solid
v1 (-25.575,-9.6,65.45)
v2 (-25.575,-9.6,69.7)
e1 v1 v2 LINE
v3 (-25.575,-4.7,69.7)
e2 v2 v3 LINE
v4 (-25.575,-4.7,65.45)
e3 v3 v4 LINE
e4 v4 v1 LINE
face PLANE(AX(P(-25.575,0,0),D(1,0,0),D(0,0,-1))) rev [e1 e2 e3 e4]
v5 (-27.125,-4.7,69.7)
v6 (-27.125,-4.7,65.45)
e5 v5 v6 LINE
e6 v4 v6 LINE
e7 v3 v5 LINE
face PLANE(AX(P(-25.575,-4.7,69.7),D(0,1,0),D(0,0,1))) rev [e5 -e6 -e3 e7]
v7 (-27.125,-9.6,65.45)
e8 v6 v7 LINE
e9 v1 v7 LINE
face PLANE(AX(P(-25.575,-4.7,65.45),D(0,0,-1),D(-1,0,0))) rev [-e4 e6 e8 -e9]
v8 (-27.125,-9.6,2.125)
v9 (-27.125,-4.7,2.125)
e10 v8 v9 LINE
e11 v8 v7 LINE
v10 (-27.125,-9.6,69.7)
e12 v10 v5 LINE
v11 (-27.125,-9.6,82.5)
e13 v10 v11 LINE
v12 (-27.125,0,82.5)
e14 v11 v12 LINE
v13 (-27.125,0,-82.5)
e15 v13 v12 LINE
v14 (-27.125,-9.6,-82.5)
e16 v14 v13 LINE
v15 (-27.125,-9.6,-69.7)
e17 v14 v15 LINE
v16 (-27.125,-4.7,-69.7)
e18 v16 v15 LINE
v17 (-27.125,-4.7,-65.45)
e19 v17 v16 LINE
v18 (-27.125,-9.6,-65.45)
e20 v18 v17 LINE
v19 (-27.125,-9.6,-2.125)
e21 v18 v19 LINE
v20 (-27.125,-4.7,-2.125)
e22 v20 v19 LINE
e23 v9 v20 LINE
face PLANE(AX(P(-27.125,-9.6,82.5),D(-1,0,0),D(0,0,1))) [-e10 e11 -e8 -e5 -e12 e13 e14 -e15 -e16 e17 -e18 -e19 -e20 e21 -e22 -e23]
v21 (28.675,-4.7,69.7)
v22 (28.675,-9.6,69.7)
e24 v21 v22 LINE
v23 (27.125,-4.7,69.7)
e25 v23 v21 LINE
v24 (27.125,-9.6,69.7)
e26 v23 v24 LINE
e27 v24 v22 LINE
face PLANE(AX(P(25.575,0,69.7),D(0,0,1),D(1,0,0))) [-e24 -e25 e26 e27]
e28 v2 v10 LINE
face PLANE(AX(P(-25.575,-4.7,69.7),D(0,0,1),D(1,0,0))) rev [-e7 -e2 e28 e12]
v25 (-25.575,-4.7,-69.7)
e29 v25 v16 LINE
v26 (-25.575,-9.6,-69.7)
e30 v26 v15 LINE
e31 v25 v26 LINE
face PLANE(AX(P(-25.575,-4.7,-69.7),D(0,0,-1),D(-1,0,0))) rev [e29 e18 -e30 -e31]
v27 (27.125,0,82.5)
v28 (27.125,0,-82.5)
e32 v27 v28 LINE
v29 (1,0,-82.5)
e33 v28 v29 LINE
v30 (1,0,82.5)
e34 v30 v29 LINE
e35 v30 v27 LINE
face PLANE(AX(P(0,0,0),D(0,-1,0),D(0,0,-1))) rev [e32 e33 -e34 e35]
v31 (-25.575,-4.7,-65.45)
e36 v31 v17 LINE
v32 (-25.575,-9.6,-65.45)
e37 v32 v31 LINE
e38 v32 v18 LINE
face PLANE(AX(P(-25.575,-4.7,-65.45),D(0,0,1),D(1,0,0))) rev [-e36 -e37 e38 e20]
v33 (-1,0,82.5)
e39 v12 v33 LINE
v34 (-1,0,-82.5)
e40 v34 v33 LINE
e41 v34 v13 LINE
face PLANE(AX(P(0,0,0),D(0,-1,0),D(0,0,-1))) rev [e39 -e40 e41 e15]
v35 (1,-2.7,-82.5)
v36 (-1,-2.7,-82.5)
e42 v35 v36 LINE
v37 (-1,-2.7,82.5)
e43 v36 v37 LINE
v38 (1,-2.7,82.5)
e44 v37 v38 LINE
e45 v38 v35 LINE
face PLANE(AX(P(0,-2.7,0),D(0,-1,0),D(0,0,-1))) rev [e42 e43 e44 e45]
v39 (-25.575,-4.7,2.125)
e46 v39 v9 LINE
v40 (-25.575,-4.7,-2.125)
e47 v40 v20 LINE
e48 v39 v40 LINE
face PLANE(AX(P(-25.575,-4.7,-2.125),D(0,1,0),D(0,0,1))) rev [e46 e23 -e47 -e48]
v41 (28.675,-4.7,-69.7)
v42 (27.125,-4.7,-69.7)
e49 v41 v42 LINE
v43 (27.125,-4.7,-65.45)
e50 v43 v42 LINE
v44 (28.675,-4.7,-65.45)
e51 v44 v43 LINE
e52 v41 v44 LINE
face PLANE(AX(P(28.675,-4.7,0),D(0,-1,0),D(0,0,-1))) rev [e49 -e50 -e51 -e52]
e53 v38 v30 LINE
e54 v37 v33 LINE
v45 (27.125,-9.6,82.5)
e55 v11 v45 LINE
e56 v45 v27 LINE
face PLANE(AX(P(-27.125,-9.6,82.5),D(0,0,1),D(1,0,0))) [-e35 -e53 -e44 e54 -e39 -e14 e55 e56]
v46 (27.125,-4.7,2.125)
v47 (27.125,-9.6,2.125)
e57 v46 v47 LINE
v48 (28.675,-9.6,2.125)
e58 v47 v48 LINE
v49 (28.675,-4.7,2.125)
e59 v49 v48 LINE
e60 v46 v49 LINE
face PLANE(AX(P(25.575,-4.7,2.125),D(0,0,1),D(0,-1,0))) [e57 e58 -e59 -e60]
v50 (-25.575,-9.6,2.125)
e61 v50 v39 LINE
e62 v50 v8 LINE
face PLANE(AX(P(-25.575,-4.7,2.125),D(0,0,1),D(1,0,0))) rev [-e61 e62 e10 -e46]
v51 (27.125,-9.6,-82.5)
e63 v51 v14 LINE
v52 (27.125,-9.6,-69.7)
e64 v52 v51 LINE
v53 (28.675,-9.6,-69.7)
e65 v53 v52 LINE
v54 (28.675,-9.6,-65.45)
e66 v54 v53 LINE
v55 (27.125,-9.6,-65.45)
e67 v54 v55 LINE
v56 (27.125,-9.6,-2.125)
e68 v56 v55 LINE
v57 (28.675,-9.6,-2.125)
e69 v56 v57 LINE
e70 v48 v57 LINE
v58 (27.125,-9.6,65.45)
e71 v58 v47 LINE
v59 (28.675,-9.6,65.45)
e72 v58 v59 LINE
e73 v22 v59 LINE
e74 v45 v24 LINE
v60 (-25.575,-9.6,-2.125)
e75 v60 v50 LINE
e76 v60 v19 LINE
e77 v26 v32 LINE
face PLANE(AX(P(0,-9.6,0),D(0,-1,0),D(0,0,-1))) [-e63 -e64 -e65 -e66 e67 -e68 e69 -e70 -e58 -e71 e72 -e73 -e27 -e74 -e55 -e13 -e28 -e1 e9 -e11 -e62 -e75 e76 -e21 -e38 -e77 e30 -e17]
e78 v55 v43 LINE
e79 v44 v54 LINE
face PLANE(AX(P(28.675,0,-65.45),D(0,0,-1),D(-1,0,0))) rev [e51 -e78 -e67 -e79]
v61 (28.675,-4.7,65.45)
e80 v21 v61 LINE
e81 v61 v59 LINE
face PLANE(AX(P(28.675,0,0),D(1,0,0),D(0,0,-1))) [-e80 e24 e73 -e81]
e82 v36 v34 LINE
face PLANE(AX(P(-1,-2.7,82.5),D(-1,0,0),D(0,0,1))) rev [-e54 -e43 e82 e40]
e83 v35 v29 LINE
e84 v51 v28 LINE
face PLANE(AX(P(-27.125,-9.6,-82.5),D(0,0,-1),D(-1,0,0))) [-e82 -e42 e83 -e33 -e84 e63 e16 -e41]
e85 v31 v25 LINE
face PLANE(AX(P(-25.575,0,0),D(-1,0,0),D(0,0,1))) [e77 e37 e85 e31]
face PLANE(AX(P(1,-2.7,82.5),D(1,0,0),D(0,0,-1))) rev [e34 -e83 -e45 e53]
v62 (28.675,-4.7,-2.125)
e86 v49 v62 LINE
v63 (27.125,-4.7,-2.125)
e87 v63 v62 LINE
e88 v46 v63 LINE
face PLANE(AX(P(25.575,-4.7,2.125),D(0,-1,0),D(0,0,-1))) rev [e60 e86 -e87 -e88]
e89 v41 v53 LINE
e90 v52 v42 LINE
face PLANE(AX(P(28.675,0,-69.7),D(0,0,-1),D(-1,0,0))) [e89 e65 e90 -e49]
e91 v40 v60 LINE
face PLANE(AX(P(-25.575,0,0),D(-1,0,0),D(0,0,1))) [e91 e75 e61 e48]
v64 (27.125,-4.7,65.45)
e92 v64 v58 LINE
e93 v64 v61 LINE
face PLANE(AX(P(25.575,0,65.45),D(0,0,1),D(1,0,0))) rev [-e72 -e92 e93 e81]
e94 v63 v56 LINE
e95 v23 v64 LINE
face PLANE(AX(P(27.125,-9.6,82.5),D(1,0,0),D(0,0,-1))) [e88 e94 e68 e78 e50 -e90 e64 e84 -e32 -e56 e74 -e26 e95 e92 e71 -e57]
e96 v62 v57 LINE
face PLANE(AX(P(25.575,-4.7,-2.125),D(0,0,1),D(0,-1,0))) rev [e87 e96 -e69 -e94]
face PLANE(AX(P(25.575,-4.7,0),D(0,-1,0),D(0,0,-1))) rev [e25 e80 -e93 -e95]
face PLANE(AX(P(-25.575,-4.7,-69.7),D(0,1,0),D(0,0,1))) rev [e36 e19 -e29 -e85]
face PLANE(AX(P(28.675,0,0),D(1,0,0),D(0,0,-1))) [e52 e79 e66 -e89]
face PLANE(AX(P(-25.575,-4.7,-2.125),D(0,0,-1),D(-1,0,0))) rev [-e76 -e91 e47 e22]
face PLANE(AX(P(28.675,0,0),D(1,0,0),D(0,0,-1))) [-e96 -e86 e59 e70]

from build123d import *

# Parameters (mm, degrees)
SKETCH1_W                = 54.25
SKETCH1_H                = 165
BOSS_EXTRUDE1_DEPTH      = 9.6
BOSS_EXTRUDE2_DEPTH      = 1.55
BOSS_EXTRUDE2_DEPTH_BACK = 1.55
SKETCH2_W                = 4.25
SKETCH2_H                = 4.9
SKETCH15_W               = 4.25
SKETCH15_H               = 4.9
CUT_EXTRUDE1_DEPTH       = 1.55
SKETCH17_W               = 2
SKETCH17_H               = 165
CUT_EXTRUDE2_DEPTH       = 2.7


with BuildPart() as part:
    # Sketch1 → Boss-Extrude1 (new body)
    with BuildSketch(Plane(origin=(0, 0, 0), x_dir=(1, 0, 0), z_dir=(0, 1, 0))):
        Rectangle(SKETCH1_W, SKETCH1_H)
    extrude(amount=-BOSS_EXTRUDE1_DEPTH)

    # Sketch2 → Boss-Extrude2 (add, two sides: drawn at the far end of the back side and taken through both)
    with BuildSketch(Plane(origin=(27.125, 0, 0), x_dir=(0, 0, -1), z_dir=(1, 0, 0)).offset(-BOSS_EXTRUDE2_DEPTH_BACK)):
        with Locations((-67.575, -7.15)):
            Rectangle(SKETCH2_W, SKETCH2_H)
        with Locations((67.575, -7.15)):
            Rectangle(SKETCH2_W, SKETCH2_H)
        with Locations((0, -7.15)):
            Rectangle(SKETCH2_W, SKETCH2_H)
    extrude(amount=BOSS_EXTRUDE2_DEPTH + BOSS_EXTRUDE2_DEPTH_BACK)

    # Sketch15 → Cut-Extrude1 (cut)
    with BuildSketch(Plane.ZY.offset(27.125)):
        with Locations((67.575, -7.15)):
            Rectangle(SKETCH15_W, SKETCH15_H)
        with Locations((-67.575, -7.15)):
            Rectangle(SKETCH15_W, SKETCH15_H)
        with Locations((0, -7.15)):
            Rectangle(SKETCH15_W, SKETCH15_H)
    extrude(amount=-CUT_EXTRUDE1_DEPTH, mode=Mode.SUBTRACT)

    # Sketch17 → Cut-Extrude2 (cut)
    with BuildSketch(Plane(origin=(0, 0, 0), x_dir=(1, 0, 0), z_dir=(0, 1, 0))):
        Rectangle(SKETCH17_W, SKETCH17_H)
    extrude(amount=-CUT_EXTRUDE2_DEPTH, mode=Mode.SUBTRACT)


solid = part.part
